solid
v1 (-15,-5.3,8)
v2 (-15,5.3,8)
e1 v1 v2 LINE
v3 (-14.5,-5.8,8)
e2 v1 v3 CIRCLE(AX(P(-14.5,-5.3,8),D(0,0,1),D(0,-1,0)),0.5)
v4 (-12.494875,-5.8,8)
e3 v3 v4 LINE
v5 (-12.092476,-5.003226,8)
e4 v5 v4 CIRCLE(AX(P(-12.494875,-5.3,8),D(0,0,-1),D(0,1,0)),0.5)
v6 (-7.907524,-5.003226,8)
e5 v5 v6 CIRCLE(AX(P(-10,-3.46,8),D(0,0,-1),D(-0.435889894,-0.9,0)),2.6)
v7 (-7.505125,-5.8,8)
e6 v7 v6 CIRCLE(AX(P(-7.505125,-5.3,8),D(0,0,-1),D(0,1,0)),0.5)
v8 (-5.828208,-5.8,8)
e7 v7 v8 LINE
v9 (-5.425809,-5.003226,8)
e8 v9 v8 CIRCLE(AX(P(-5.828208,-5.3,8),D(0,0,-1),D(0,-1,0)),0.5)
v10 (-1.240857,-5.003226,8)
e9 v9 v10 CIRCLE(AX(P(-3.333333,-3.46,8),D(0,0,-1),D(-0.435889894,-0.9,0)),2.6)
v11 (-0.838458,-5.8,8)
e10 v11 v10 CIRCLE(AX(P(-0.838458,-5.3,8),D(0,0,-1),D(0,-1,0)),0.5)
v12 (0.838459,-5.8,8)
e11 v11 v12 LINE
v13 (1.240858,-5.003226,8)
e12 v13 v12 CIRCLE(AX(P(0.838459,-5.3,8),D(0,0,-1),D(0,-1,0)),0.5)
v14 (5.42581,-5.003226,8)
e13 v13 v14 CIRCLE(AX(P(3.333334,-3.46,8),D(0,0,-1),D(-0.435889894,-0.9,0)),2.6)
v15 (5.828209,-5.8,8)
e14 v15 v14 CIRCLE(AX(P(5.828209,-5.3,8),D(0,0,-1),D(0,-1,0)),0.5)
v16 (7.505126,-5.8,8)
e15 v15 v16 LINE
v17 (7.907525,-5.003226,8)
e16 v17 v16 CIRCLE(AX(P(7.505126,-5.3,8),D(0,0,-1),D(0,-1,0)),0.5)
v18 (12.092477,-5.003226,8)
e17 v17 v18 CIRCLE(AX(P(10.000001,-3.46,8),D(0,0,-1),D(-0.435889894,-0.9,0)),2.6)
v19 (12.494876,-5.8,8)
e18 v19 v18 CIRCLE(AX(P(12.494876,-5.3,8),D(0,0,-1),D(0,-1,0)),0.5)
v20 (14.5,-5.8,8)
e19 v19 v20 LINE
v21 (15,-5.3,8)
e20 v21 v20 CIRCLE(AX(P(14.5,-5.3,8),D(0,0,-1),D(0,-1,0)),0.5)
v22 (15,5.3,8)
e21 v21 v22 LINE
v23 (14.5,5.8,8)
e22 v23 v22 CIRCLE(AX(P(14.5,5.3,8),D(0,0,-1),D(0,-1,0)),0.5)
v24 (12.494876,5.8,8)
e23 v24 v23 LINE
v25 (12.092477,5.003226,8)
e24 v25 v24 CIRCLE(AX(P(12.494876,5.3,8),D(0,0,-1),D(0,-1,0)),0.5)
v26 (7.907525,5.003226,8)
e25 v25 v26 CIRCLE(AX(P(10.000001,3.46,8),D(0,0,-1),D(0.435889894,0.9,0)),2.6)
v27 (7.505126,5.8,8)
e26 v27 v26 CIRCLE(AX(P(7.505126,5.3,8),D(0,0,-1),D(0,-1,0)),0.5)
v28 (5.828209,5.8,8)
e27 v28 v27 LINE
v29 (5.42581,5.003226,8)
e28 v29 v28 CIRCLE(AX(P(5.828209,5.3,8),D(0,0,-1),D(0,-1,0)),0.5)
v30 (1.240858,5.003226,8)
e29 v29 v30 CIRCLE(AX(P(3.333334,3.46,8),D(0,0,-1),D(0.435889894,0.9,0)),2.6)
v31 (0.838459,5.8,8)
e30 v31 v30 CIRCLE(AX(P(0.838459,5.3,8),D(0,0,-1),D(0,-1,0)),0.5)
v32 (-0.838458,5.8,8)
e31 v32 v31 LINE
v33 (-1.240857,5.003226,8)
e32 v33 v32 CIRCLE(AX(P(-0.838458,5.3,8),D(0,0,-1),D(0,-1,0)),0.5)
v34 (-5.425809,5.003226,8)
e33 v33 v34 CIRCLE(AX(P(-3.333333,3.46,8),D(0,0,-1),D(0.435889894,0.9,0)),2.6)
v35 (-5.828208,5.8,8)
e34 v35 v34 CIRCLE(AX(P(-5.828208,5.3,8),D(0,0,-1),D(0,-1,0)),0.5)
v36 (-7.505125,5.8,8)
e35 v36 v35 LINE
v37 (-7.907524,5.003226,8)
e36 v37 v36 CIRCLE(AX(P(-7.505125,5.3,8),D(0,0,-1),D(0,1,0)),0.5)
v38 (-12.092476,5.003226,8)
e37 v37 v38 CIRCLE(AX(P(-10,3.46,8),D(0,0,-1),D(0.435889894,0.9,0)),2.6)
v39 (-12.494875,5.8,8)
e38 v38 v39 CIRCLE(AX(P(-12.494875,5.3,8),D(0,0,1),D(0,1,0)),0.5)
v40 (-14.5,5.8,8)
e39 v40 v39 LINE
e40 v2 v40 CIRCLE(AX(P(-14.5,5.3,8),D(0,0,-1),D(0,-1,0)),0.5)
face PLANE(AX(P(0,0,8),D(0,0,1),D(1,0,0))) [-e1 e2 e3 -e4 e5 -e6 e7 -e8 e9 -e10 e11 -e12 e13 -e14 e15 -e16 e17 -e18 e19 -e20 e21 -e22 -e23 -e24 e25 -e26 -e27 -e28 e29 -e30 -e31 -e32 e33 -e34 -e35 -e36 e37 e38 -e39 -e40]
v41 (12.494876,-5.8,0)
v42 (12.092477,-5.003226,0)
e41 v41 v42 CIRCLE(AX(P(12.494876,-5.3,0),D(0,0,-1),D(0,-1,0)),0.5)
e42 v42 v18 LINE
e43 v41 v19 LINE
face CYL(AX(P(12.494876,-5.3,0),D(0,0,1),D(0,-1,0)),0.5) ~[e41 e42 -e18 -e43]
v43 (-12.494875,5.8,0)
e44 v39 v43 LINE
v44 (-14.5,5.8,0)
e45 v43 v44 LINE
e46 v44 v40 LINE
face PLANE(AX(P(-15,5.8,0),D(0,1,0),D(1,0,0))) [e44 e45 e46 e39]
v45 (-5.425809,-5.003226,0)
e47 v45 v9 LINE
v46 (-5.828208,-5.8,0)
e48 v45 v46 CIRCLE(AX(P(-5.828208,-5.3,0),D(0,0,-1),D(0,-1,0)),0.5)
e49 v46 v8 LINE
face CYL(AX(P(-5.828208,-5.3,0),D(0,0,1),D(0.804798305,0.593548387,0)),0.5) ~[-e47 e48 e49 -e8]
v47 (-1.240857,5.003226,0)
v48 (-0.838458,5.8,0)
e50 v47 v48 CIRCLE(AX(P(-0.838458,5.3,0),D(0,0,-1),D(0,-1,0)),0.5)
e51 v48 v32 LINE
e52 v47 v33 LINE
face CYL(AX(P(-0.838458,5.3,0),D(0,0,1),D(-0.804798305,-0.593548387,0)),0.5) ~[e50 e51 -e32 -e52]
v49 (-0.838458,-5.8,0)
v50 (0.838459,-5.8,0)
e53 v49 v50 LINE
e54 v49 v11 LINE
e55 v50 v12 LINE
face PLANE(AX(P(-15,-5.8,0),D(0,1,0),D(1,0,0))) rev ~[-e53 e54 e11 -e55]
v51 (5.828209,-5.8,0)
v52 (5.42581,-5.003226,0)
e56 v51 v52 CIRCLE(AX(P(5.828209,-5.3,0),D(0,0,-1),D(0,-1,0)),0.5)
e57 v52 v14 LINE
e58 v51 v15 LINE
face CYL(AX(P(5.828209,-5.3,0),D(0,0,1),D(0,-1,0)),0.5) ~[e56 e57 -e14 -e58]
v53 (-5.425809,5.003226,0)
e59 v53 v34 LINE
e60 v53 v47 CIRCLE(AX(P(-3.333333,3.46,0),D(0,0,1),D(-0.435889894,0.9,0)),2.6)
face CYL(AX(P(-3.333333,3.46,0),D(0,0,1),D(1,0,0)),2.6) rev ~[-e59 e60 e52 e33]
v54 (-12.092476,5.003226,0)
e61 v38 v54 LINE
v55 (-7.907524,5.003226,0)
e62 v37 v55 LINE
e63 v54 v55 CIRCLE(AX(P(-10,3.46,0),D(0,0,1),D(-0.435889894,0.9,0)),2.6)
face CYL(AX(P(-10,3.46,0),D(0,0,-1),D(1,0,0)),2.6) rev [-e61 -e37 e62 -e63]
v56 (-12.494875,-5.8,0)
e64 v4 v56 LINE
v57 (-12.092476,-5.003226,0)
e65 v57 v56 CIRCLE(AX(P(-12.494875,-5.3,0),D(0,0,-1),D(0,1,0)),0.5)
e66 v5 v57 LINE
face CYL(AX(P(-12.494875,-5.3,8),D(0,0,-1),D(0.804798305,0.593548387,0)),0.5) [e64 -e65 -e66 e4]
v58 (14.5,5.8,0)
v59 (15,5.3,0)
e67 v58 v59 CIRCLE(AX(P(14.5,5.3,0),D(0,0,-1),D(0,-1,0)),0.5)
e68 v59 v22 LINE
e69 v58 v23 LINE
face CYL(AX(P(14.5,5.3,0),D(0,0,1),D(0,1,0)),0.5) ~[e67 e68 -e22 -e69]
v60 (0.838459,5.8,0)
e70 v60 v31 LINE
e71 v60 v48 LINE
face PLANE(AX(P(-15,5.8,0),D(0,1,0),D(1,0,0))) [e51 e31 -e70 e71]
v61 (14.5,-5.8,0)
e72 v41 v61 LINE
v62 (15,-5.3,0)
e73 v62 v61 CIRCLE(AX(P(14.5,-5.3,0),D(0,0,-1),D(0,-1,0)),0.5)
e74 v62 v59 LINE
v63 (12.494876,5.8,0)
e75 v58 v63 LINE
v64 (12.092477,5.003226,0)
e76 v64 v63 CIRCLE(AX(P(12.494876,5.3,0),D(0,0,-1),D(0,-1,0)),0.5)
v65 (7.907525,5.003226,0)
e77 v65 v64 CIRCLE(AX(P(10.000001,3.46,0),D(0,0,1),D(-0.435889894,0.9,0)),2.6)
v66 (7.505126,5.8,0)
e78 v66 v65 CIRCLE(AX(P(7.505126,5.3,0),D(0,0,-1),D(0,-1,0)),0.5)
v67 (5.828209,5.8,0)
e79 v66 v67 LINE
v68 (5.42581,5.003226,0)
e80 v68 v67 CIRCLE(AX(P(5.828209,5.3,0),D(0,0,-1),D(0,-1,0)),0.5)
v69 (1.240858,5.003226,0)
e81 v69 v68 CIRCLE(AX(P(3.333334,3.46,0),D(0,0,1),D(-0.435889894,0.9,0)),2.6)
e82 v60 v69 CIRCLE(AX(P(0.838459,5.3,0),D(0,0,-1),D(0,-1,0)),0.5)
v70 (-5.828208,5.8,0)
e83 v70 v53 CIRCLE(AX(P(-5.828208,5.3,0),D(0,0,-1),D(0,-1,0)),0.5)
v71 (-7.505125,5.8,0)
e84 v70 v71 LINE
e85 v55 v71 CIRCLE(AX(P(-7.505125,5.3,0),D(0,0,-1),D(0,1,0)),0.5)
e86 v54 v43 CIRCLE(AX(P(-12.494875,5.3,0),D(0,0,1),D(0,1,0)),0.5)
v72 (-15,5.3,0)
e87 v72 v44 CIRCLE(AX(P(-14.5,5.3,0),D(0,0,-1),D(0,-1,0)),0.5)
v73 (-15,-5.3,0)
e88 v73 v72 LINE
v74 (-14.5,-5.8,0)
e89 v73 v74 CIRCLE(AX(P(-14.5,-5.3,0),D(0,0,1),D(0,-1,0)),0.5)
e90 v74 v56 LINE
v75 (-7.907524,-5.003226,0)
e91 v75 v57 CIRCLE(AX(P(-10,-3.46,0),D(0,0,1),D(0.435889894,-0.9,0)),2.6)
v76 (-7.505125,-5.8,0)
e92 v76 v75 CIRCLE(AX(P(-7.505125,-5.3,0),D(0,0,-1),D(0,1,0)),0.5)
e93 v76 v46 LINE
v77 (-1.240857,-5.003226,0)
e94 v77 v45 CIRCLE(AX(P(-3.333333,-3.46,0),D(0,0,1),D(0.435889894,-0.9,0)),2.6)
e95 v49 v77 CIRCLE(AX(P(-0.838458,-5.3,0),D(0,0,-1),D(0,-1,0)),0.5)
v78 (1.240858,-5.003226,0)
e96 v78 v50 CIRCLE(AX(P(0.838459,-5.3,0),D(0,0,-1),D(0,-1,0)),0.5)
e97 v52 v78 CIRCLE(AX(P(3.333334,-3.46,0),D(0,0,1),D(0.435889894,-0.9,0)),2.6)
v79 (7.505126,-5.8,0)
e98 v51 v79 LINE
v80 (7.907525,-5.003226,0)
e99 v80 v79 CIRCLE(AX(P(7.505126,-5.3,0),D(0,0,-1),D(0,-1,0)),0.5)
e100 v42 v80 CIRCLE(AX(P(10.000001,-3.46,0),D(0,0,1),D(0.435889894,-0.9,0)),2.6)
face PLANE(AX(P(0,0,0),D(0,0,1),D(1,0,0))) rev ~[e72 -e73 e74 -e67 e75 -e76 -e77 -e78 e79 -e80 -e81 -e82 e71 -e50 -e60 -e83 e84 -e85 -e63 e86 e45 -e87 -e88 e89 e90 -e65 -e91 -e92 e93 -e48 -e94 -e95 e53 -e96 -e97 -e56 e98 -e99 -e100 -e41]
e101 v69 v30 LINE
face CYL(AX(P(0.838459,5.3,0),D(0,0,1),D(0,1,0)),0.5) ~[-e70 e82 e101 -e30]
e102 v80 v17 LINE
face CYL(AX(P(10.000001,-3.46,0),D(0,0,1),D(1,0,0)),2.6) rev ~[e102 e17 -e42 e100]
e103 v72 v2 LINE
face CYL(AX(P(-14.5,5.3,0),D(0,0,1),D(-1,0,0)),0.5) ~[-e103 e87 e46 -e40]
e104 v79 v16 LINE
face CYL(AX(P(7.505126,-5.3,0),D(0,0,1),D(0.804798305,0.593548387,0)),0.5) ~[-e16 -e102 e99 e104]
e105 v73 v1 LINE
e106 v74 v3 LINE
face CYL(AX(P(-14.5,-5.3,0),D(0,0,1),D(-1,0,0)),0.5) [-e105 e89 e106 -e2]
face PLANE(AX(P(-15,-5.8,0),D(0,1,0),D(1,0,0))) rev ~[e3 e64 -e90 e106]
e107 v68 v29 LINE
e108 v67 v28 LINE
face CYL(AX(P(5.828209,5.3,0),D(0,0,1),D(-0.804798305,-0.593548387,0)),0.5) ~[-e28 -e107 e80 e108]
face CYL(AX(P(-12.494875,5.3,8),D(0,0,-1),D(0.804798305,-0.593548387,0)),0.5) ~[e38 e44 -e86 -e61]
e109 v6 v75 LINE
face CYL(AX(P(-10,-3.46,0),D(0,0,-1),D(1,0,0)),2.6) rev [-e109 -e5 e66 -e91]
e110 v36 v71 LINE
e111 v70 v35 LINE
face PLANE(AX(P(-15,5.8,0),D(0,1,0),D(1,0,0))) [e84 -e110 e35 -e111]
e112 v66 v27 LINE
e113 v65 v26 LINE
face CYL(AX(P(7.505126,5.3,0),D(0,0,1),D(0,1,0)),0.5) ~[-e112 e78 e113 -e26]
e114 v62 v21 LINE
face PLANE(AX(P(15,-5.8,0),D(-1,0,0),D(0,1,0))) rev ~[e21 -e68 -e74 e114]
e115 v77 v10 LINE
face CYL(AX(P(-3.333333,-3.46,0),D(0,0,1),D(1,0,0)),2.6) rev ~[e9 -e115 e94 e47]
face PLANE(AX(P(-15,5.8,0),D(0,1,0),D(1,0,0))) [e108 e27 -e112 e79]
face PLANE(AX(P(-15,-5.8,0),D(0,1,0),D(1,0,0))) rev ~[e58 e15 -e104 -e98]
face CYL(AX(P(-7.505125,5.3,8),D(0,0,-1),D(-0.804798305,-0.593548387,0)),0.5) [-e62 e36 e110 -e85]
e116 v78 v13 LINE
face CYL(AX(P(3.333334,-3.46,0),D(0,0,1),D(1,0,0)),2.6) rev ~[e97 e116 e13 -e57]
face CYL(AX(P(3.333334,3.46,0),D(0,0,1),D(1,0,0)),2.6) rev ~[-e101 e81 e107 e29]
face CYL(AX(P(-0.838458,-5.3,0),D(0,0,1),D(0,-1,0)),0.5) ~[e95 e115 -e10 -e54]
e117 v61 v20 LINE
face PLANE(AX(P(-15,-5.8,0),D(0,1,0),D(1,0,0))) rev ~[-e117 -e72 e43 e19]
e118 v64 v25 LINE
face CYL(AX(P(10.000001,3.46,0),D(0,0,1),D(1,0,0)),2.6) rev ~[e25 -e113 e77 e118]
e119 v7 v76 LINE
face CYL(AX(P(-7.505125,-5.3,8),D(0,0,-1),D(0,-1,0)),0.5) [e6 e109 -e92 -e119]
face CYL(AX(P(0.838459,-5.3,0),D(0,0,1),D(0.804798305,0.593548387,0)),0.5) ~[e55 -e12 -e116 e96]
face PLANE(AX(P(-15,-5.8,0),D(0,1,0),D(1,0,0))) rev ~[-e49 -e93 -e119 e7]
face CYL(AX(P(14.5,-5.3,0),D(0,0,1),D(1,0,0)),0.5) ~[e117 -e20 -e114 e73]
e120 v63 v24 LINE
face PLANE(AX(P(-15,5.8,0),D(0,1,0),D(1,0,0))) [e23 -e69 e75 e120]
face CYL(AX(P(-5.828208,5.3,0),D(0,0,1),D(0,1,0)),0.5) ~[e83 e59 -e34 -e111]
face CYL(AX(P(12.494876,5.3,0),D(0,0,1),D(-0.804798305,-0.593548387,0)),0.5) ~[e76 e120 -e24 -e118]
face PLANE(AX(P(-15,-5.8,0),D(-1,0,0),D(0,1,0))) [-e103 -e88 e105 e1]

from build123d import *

# Parameters (mm, degrees)
SKETCH_W            = 30
SKETCH_H            = 11.6
PAD_DEPTH           = 8
SKETCH001_R         = 2.6
POCKET_DEPTH        = 0.001
POCKET_DEPTH_BACK   = 8.001
LINEARPATTERN_COUNT = 4
LINEARPATTERN_PITCH = 6.666667
PARTDESIGN_FILLET_R = 0.5


with BuildPart() as part:
    # Sketch → Pad (new body)
    with BuildSketch(Plane.XY):
        Rectangle(SKETCH_W, SKETCH_H)
    extrude(amount=PAD_DEPTH)

    # Sketch001 → Pocket (cut, two sides)
    with BuildSketch(Plane.XY) as pocket_sk:
        with Locations((-10, 3.46)):
            Circle(SKETCH001_R)
        with Locations((-10, -3.46)):
            Circle(SKETCH001_R)
    pocket = extrude(amount=-POCKET_DEPTH, mode=Mode.SUBTRACT) + extrude(pocket_sk.sketch, amount=POCKET_DEPTH_BACK, mode=Mode.SUBTRACT)

    # LinearPattern: Pocket ×4
    with Locations(*[(i * LINEARPATTERN_PITCH, 0, 0) for i in range(1, LINEARPATTERN_COUNT)]):
        add(pocket, mode=Mode.SUBTRACT)

    # PartDesign__Fillet
    partdesign_fillet_edges = [part.edges().sort_by_distance(p)[0] for p in [
        (-15, -5.8, 4),
        (-15, 5.8, 4),
        (-11.133314, -5.8, 4),
        (-11.133314, 5.8, 4),
        (-7.4, -3.46, 4),
        (-7.4, 3.46, 4),
        (-8.866686, 5.8, 4),
        (-4.466647, 5.8, 4),
        (-0.733333, 3.46, 4),
        (-2.20002, 5.8, 4),
        (2.20002, 5.8, 4),
        (5.933333, 3.46, 4),
        (4.466647, 5.8, 4),
        (8.866686, 5.8, 4),
        (12.6, 3.46, 4),
        (11.133314, 5.8, 4),
        (15, 5.8, 4),
        (15, -5.8, 4),
        (11.133314, -5.8, 4),
        (12.6, -3.46, 4),
        (8.866686, -5.8, 4),
        (4.466647, -5.8, 4),
        (5.933333, -3.46, 4),
        (2.20002, -5.8, 4),
        (-2.20002, -5.8, 4),
        (-0.733333, -3.46, 4),
        (-4.466647, -5.8, 4),
        (-8.866686, -5.8, 4),
    ]]
    fillet(partdesign_fillet_edges, radius=PARTDESIGN_FILLET_R)


solid = part.part
